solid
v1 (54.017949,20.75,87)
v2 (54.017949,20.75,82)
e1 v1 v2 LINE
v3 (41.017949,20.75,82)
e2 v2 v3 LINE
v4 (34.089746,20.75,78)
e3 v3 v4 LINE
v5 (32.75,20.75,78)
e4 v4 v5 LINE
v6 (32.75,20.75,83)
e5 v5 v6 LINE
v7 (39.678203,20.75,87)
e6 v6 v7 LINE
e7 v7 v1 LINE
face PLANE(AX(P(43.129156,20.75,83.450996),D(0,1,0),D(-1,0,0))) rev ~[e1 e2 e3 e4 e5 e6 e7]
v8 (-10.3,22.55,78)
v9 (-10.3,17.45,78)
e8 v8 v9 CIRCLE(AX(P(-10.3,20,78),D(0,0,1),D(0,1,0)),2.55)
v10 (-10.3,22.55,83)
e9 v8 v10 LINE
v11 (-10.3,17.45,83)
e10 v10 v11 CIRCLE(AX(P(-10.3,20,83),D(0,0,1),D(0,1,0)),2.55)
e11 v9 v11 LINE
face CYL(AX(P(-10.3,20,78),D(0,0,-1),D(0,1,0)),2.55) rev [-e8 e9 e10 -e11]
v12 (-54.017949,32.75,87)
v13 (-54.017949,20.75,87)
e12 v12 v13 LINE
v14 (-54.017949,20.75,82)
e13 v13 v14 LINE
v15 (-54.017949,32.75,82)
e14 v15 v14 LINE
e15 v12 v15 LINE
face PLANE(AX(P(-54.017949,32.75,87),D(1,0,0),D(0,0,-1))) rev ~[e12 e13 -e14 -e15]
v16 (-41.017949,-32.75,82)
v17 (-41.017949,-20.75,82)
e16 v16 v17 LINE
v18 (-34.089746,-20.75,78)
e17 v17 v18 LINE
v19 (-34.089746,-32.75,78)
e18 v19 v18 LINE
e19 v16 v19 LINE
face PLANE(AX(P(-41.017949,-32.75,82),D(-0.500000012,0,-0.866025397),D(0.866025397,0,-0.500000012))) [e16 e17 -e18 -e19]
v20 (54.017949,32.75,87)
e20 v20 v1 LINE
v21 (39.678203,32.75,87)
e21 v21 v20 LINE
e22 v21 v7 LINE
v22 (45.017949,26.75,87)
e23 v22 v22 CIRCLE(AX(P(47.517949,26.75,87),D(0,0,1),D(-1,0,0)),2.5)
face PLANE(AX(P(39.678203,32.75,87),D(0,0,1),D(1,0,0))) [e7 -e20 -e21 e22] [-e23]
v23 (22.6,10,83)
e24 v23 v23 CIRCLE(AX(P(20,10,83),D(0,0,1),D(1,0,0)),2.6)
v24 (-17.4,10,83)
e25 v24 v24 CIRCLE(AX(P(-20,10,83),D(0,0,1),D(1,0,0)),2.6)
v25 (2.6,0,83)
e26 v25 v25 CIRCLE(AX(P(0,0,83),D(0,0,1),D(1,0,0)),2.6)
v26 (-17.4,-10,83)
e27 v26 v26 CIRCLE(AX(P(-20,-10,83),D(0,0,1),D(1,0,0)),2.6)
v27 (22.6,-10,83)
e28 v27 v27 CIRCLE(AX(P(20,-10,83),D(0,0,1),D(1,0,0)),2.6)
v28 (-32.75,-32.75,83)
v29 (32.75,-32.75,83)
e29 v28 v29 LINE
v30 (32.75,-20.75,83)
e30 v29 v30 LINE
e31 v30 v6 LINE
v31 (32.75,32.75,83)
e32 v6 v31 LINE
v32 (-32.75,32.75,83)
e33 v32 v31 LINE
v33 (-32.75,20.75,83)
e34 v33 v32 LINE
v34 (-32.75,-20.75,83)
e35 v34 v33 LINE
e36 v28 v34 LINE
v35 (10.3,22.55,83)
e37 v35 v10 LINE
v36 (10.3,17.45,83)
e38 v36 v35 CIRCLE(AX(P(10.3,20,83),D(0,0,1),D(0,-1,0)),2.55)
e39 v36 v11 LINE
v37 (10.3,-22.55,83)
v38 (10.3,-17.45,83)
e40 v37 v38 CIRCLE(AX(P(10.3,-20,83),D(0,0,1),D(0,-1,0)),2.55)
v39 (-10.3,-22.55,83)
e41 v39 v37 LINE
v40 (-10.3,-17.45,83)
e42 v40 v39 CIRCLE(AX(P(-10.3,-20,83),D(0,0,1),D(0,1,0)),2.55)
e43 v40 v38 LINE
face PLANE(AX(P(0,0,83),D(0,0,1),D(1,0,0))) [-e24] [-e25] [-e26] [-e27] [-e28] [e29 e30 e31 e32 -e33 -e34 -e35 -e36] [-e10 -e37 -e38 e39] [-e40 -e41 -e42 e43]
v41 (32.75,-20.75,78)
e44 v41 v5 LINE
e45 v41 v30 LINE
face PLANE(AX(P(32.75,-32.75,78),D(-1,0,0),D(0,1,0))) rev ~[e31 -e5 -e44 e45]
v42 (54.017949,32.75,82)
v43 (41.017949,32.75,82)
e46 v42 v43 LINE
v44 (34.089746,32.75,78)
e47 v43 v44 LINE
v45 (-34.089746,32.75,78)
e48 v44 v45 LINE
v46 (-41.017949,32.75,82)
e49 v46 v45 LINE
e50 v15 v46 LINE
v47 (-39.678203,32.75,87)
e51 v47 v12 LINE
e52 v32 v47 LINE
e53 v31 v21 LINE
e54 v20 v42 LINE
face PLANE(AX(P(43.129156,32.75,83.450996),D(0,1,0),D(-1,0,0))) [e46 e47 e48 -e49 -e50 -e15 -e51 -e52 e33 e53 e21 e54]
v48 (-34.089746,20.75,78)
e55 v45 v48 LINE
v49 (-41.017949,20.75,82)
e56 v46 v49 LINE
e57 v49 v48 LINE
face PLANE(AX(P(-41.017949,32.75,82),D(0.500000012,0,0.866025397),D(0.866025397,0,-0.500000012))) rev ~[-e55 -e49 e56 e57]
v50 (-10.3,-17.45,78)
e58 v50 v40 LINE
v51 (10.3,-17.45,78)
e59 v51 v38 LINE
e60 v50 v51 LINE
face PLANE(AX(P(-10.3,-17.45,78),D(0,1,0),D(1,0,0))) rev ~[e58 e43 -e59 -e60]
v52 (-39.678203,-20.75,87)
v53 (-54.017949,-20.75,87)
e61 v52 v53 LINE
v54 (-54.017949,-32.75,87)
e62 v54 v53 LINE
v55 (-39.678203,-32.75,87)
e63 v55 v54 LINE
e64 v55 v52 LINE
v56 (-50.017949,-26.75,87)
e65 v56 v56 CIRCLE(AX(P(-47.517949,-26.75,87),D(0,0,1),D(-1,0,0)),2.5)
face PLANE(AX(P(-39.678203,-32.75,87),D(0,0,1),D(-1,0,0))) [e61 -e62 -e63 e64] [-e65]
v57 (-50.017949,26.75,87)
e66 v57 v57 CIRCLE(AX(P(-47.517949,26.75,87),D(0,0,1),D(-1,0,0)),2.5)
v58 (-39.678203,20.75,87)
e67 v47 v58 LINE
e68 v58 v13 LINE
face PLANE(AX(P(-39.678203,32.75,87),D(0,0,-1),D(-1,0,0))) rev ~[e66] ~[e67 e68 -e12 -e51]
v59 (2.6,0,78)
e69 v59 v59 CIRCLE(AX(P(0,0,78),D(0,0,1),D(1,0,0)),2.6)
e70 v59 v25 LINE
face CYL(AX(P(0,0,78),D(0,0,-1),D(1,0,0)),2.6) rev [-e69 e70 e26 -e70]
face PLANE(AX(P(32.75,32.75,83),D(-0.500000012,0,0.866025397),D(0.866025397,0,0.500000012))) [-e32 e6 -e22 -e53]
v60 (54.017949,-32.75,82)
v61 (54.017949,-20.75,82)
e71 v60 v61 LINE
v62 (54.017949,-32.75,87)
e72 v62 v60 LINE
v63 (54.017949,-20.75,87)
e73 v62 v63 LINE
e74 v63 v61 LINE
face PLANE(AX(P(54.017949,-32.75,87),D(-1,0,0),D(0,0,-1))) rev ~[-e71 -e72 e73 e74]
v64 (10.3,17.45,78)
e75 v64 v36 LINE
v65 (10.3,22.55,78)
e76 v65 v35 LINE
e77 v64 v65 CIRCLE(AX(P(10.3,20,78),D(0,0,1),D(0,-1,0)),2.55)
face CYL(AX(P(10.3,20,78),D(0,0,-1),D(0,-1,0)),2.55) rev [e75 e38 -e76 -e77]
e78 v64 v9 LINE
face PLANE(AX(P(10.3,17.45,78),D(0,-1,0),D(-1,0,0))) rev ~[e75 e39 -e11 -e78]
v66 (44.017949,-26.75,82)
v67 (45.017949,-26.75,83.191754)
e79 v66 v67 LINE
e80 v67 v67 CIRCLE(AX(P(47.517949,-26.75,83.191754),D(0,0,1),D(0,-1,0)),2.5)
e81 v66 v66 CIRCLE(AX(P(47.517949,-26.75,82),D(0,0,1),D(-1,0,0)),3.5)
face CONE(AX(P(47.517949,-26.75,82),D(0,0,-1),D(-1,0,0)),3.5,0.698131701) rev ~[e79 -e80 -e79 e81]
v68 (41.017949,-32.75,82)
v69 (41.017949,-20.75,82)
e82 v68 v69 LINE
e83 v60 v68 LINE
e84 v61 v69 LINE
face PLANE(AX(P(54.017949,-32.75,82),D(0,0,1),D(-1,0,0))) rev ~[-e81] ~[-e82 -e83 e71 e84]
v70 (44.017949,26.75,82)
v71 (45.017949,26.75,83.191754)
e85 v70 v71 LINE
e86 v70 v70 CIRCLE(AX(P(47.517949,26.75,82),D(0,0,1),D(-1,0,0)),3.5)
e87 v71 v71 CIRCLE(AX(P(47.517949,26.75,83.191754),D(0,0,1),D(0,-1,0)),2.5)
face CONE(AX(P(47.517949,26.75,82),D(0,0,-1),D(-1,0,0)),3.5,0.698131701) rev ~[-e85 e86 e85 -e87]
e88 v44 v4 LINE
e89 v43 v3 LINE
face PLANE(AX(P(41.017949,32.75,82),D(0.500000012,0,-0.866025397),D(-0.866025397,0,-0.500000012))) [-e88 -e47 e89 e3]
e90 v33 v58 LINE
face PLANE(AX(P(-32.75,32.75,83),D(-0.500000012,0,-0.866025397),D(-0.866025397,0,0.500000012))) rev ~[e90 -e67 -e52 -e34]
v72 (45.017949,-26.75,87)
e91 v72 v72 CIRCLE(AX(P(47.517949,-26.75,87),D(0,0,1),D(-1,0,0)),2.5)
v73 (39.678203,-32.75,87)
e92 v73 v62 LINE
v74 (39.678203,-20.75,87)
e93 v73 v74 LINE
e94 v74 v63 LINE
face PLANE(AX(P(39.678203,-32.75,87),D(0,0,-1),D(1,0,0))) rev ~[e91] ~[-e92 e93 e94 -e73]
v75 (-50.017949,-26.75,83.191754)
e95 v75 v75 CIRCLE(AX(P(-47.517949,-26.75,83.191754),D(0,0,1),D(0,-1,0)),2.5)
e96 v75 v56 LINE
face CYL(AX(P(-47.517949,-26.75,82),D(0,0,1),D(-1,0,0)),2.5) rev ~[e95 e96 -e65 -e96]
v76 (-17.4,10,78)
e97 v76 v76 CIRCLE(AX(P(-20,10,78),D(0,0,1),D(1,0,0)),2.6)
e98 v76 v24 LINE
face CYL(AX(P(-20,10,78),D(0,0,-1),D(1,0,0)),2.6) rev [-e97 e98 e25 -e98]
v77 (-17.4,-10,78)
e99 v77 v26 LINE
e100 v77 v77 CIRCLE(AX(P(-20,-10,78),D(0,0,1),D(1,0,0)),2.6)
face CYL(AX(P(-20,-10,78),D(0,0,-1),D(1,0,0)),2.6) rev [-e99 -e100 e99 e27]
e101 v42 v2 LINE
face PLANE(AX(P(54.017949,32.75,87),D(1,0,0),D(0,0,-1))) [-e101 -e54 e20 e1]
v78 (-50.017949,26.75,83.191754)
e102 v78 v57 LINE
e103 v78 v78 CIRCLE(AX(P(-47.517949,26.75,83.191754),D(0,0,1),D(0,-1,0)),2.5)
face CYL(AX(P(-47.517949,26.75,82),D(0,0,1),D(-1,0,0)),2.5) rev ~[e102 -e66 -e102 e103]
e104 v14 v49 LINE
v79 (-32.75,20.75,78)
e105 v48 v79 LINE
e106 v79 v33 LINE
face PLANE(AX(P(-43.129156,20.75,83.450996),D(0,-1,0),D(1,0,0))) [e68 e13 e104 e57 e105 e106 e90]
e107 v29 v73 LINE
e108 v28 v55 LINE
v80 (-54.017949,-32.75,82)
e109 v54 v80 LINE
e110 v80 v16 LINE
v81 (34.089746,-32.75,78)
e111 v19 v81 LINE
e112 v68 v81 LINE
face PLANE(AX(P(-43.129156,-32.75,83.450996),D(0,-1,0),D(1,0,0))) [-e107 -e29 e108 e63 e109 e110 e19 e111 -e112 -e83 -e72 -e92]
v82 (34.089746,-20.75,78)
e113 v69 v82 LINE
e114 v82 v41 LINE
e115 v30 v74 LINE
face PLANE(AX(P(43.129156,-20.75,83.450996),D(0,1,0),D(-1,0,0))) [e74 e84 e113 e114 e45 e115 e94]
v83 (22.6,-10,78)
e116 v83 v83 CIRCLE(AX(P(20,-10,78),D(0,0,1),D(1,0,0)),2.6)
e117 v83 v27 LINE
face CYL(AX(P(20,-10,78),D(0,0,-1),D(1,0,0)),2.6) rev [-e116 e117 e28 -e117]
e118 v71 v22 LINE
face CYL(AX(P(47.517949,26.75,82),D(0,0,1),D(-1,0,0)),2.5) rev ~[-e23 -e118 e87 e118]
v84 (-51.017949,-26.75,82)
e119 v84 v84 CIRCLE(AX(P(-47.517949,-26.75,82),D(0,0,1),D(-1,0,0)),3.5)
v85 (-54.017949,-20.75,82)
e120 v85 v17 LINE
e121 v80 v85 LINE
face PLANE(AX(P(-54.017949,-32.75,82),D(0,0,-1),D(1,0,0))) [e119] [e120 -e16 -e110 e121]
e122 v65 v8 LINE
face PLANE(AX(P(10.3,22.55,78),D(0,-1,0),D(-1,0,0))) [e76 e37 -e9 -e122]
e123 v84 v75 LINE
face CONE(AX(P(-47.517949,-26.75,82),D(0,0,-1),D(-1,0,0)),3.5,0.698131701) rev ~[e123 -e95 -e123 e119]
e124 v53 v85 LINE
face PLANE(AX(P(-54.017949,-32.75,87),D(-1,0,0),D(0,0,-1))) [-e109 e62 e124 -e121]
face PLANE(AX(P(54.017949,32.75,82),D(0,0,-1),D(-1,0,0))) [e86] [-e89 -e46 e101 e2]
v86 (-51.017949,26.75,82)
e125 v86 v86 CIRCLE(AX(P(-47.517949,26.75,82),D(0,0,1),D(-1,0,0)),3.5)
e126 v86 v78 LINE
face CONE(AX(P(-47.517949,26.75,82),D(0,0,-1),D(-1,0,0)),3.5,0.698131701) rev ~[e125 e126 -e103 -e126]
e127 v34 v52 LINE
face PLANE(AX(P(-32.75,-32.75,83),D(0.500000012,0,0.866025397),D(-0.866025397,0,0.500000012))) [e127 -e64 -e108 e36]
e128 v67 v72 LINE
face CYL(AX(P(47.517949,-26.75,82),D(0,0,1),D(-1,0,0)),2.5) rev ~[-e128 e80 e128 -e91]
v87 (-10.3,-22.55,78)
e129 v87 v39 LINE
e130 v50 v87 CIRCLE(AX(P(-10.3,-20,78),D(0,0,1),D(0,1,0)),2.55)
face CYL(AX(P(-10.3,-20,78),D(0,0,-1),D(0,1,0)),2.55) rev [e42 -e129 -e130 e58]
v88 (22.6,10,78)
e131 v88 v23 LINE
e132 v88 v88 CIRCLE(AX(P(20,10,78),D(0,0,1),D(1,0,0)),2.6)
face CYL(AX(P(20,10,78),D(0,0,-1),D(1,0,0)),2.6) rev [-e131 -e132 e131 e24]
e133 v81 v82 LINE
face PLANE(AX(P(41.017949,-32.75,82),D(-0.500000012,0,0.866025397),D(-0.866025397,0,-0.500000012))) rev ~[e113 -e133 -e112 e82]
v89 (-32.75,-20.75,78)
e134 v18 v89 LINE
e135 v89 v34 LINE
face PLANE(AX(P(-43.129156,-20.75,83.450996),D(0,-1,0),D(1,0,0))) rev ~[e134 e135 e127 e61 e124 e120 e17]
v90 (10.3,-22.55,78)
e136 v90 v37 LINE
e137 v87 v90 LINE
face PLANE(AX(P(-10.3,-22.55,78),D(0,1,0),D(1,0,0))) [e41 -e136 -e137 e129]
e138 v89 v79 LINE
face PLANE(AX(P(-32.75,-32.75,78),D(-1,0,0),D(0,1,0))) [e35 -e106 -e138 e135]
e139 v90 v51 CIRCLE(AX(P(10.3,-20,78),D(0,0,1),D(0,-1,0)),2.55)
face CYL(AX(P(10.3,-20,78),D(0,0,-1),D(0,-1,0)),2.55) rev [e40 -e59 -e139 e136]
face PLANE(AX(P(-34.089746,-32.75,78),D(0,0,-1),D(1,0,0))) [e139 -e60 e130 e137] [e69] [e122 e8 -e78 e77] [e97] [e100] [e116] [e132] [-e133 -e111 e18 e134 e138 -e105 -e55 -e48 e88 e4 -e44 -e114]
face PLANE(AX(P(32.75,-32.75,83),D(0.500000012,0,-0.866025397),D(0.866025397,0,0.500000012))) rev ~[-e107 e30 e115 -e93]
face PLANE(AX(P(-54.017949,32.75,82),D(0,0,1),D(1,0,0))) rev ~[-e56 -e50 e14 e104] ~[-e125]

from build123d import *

# Parameters (mm, degrees)
SKETCH007_W         = 65.5
SKETCH007_H         = 65.5
SKETCH007_R         = 2.6
PAD005_DEPTH        = 5
PAD006_DEPTH        = 12
HOLE_D              = 5
HOLE_DEPTH          = 25
HOLE_CSINK_D        = 7
HOLE_CSINK_ANGLE    = 80
PAD007_DEPTH        = 12
HOLE001_D           = 5
HOLE001_DEPTH       = 25
HOLE001_CSINK_D     = 7
HOLE001_CSINK_ANGLE = 80


with BuildPart() as part:
    # Sketch007 (on Face1 of Binder) → Pad005 (new body)
    with BuildSketch(Plane.XY.offset(78)):
        Rectangle(SKETCH007_W, SKETCH007_H)
        with Locations((-20, -10)):
            Circle(SKETCH007_R, mode=Mode.SUBTRACT)
        with Locations((20, -10)):
            Circle(SKETCH007_R, mode=Mode.SUBTRACT)
        with Locations((-20, 10)):
            Circle(SKETCH007_R, mode=Mode.SUBTRACT)
        with Locations((20, 10)):
            Circle(SKETCH007_R, mode=Mode.SUBTRACT)
        Circle(SKETCH007_R, mode=Mode.SUBTRACT)
        with BuildLine():
            ThreePointArc((-10.3, -17.45), (-12.85, -20), (-10.3, -22.55))
            Line((-10.3, -22.55), (10.3, -22.55))
            ThreePointArc((10.3, -22.55), (12.85, -20), (10.3, -17.45))
            Line((-10.3, -17.45), (10.3, -17.45))
        make_face(mode=Mode.SUBTRACT)
        with BuildLine():
            ThreePointArc((10.3, 17.45), (12.85, 20), (10.3, 22.55))
            Line((10.3, 22.55), (-10.3, 22.55))
            ThreePointArc((-10.3, 22.55), (-12.85, 20), (-10.3, 17.45))
            Line((10.3, 17.45), (-10.3, 17.45))
        make_face(mode=Mode.SUBTRACT)
    extrude(amount=PAD005_DEPTH)

    # Sketch008 (on Face4 of Pad005) → Pad006 (join)
    with BuildSketch(Plane(origin=(0, 32.75, 0), x_dir=(-1, 0, 0), z_dir=(0, 1, 0))):
        Polygon((-39.678203, 87), (-54.017949, 87), (-54.017949, 82), (-41.017949, 82), (-34.089746, 78), (-32.75, 78), (-32.75, 83), align=None)
        Polygon((39.678203, 87), (54.017949, 87), (54.017949, 82), (41.017949, 82), (34.089746, 78), (32.75, 78), (32.75, 83), align=None)
    extrude(amount=-PAD006_DEPTH)

    # Hole
    with Locations(Plane(origin=(0, 0, 82), x_dir=(1, 0, 0), z_dir=(0, 0, -1))):
        with Locations((-47.517949, -26.75), (47.517949, -26.75)):
            CounterSinkHole(HOLE_D / 2, HOLE_CSINK_D / 2, depth=HOLE_DEPTH, counter_sink_angle=HOLE_CSINK_ANGLE)

    # Sketch010 (on Face3 of Hole) → Pad007 (join)
    with BuildSketch(Plane.XZ.offset(32.75)):
        Polygon((-32.75, 83), (-39.678203, 87), (-54.017949, 87), (-54.017949, 82), (-41.017949, 82), (-34.089746, 78), (-32.75, 78), align=None)
        Polygon((32.75, 78), (32.75, 83), (39.678203, 87), (54.017949, 87), (54.017949, 82), (41.017949, 82), (34.089746, 78), align=None)
    extrude(amount=-PAD007_DEPTH)

    # Hole001
    with Locations(Plane(origin=(0, 0, 82), x_dir=(1, 0, 0), z_dir=(0, 0, -1))):
        with Locations((-47.517949, 26.75), (47.517949, 26.75)):
            CounterSinkHole(HOLE001_D / 2, HOLE001_CSINK_D / 2, depth=HOLE001_DEPTH, counter_sink_angle=HOLE001_CSINK_ANGLE)


solid = part.part
